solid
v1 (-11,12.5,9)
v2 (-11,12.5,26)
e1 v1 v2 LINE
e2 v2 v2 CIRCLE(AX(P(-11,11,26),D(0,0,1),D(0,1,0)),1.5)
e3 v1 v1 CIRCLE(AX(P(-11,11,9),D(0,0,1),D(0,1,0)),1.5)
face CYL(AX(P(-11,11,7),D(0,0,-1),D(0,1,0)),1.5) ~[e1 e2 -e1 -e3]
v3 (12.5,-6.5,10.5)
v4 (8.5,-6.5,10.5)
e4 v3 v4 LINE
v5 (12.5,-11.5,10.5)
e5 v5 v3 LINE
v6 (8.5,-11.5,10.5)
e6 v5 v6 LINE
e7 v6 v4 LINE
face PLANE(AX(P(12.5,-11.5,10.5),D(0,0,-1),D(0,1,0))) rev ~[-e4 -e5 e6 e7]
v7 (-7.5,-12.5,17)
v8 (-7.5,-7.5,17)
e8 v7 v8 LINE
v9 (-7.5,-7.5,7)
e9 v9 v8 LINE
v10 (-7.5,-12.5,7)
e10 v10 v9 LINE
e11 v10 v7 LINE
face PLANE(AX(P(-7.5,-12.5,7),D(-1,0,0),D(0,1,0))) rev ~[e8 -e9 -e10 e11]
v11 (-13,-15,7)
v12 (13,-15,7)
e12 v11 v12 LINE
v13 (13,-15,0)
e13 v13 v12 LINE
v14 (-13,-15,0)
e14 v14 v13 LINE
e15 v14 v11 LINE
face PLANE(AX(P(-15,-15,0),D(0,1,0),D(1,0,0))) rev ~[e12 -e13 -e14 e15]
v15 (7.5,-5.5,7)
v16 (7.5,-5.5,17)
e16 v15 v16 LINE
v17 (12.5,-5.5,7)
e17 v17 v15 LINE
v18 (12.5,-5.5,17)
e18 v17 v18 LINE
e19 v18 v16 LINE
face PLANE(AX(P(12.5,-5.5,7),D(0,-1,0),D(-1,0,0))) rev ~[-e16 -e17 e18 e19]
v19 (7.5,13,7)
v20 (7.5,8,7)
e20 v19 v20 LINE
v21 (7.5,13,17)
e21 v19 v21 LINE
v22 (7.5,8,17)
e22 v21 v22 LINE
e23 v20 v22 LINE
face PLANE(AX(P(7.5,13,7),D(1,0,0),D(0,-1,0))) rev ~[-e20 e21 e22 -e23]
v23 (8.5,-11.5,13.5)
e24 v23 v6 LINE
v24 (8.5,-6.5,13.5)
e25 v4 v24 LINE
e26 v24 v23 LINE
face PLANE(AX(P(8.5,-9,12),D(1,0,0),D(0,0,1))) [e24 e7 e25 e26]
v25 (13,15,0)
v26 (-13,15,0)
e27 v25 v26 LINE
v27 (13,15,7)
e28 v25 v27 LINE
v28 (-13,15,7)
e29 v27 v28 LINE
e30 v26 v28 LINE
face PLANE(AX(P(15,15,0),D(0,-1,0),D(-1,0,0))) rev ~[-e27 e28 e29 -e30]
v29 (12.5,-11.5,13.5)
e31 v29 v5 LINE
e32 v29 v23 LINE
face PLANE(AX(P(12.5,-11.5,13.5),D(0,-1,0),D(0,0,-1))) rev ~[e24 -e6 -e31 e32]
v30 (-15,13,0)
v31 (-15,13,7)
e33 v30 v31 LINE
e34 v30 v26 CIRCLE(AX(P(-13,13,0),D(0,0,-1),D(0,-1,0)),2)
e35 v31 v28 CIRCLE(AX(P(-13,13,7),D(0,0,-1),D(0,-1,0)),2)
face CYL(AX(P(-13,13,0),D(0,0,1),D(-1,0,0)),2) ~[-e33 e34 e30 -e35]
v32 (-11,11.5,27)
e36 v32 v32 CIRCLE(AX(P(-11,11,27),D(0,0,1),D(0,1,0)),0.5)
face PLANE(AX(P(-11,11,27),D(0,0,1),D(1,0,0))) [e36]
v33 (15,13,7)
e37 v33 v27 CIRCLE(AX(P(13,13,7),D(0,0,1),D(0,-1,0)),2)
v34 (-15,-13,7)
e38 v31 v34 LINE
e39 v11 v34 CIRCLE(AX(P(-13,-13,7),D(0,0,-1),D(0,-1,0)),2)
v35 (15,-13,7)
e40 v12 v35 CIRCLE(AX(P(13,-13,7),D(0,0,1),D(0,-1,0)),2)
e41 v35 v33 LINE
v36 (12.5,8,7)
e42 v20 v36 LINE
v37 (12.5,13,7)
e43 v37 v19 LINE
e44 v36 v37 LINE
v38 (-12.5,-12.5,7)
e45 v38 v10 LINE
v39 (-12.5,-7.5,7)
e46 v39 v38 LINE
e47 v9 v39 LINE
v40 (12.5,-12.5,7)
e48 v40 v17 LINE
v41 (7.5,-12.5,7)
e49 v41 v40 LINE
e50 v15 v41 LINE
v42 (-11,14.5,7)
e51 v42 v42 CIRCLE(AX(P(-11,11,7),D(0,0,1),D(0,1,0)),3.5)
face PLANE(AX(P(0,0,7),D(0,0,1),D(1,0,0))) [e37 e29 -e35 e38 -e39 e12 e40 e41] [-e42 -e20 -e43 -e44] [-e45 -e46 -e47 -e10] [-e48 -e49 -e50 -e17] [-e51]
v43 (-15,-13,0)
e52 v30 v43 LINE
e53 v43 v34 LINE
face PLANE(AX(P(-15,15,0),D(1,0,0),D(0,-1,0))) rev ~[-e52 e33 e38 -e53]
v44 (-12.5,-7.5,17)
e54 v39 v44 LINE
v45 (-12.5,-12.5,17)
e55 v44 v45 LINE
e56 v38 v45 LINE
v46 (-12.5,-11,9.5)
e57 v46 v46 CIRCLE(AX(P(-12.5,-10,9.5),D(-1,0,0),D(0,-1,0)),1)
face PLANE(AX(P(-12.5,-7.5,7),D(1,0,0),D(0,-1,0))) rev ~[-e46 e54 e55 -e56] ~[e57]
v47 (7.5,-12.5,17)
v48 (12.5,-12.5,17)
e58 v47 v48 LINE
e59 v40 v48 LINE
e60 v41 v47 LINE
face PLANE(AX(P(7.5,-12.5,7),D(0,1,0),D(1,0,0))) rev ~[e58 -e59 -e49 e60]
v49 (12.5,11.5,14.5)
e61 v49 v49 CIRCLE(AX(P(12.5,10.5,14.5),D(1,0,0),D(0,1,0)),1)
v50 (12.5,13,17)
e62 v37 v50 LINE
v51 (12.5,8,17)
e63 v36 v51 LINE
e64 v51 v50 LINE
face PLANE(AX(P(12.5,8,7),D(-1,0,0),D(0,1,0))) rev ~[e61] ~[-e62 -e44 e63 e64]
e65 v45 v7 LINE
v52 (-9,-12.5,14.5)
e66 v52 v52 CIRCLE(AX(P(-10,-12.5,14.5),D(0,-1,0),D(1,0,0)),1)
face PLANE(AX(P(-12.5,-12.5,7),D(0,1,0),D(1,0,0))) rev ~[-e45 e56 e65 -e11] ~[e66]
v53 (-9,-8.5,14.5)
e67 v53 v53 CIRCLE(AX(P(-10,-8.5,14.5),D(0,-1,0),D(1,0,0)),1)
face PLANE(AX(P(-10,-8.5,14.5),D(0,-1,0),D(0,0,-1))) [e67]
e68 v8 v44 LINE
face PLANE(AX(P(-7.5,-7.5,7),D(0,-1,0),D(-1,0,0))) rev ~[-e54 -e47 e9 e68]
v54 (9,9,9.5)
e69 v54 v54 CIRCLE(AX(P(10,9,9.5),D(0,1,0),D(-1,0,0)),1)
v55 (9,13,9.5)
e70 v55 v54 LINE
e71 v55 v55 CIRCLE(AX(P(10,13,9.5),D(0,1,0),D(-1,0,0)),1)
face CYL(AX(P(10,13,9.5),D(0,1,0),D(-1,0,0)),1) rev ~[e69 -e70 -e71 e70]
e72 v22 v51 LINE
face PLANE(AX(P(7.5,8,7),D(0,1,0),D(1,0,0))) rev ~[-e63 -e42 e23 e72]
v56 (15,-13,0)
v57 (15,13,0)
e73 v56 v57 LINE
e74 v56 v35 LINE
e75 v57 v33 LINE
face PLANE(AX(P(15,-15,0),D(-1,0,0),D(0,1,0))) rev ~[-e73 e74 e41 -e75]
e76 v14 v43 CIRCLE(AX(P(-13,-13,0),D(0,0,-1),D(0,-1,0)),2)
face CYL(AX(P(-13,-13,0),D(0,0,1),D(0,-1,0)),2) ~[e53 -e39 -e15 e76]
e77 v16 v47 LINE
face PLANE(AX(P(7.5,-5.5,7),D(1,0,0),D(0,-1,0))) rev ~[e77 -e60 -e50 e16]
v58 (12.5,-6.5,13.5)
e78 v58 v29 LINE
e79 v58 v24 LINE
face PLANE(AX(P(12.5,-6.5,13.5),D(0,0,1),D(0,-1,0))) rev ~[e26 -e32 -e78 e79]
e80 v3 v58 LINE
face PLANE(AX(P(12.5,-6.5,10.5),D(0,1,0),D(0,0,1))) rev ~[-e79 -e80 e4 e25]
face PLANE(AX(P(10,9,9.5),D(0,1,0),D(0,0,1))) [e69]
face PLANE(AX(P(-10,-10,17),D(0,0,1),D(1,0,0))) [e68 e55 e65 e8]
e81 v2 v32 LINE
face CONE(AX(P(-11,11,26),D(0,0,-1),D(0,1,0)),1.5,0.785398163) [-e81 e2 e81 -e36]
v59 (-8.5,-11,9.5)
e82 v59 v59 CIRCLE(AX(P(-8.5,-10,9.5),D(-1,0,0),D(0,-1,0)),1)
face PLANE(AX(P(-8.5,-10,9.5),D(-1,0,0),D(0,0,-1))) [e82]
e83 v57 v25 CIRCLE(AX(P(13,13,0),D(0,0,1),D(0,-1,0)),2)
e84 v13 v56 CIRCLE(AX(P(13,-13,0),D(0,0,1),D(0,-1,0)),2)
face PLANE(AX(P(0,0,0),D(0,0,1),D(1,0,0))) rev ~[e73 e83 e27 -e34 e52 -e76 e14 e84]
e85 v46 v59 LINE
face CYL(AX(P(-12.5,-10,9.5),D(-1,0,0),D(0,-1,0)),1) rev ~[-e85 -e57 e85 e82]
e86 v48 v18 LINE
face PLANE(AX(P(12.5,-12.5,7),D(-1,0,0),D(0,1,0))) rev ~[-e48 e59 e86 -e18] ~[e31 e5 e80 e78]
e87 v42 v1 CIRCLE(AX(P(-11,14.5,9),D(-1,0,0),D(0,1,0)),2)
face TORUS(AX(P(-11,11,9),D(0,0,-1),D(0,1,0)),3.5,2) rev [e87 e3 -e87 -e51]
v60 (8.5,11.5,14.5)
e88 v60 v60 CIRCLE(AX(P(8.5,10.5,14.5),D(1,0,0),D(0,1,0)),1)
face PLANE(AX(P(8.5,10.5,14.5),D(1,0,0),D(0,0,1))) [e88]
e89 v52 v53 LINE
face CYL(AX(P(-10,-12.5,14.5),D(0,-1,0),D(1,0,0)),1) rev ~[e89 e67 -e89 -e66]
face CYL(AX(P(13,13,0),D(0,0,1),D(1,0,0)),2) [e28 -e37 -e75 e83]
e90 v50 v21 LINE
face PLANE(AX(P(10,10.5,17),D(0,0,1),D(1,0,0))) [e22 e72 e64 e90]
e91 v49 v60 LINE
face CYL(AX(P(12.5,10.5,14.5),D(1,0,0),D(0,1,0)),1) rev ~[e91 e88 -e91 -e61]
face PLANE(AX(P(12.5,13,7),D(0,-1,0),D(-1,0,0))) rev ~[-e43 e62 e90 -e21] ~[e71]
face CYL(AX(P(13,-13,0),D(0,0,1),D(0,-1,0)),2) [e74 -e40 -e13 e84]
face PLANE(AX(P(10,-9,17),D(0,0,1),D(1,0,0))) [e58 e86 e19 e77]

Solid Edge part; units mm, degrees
sketch "Sketch1" plane through (0, 0, 0) normal (0, 0, 1) x (1, 0, 0)
  line L0 (-15, -15) -> (15, -15)
  line L1 (15, -15) -> (15, 15)
  line L2 (15, 15) -> (-15, 15)
  line L3 (-15, 15) -> (-15, -15)
  dimension "D1" = 30
  dimension "D2" = 30
extrude "Protrusion1" add sketch "Sketch1" along normal blind 7
sketch "Sketch2" plane through (0, 0, 7) normal (0, 0, 1) x (0, 1, 0)
  circle A0 centre (11, 11) radius 1.5
  dimension "D1" = 3
  dimension "D2" = 4
  dimension "D3" = 4
extrude "Antenna" add sketch "Sketch2" along normal blind 20
fillet "Rotondo_1" radius 2 4 edges at (-15, 15, 3.5) (-15, -15, 3.5) (15, 15, 3.5) (15, -15, 3.5)
fillet "Rotondo_2" radius 2 1 edges at (-11, 9.5, 7)
chamfer "Smusso_1" distance 1 angle 45 1 edges at (-11, 9.5, 27)
sketch "Sketch3" plane through (0, 0, 7) normal (0, 0, 1) x (0, 1, 0)
  line L0 (8, -7.5) -> (8, -12.5)
  line L1 (8, -12.5) -> (13, -12.5)
  line L2 (13, -12.5) -> (13, -7.5)
  line L3 (13, -7.5) -> (8, -7.5)
extrude "Alloggio_Motori_1" add sketch "Sketch3" along normal blind 10
sketch "Sketch4" plane through (10, 13, 9) normal (0, 1, 0) x (-1, 0, 0)
  circle A0 centre (0, 0.5) radius 1
  dimension "D1" = 2
  dimension "D2" = 2.5
extrude "ScavoEstrusione_3" cut sketch "Sketch4" against normal blind 4
sketch "Sketch5" plane through (0, 0, 7) normal (0, 0, 1) x (0, 1, 0)
  line L0 (-12.5, 7.5) -> (-7.5, 7.5)
  line L1 (-7.5, 7.5) -> (-7.5, 12.5)
  line L2 (-7.5, 12.5) -> (-12.5, 12.5)
  line L3 (-12.5, 12.5) -> (-12.5, 7.5)
  dimension "D1" = 5
  dimension "D2" = 2.5
  dimension "D3" = 2.5
extrude "Alloggio_Motori_3" add sketch "Sketch5" along normal blind 10
sketch "Sketch6" plane through (12.5, 10.5, 12) normal (1, 0, 0) x (0, 1, 0)
  circle A0 centre (0, 2.5) radius 1
  dimension "D1" = 2
  dimension "D2" = 2.5
extrude "ScavoEstrusione_9" cut sketch "Sketch6" against normal blind 4
sketch "Sketch7" plane through (-12.5, -10, 12) normal (-1, 0, 0) x (0, -1, 0)
  circle A0 centre (0, -2.5) radius 1
  dimension "D1" = 2
  dimension "D2" = 2.5
extrude "ScavoEstrusione_10" cut sketch "Sketch7" against normal blind 4
sketch "Sketch8" plane through (-10, -12.5, 12) normal (0, -1, 0) x (1, 0, 0)
  circle A0 centre (0, 2.5) radius 1
  dimension "D1" = 2
  dimension "D2" = 2.5
extrude "ScavoEstrusione_11" cut sketch "Sketch8" against normal blind 4
sketch "Sketch9" plane through (0, 0, 7) normal (0, 0, 1) x (1, 0, 0)
  line L0 (7.5, -12.5) -> (12.5, -12.5)
  line L1 (12.5, -12.5) -> (12.5, -5.5)
  line L2 (12.5, -5.5) -> (7.5, -5.5)
  line L3 (7.5, -5.5) -> (7.5, -12.5)
  dimension "D1" = 5
  dimension "D2" = 7
  dimension "D3" = 2.5
  dimension "D4" = 2.5
extrude "Alloggio_collegamento" add sketch "Sketch9" along normal blind 10
sketch "Sketch10" plane through (12.5, -9, 12) normal (1, 0, 0) x (0, 1, 0)
  line L0 (-2.5, -1.5) -> (2.5, -1.5)
  line L1 (2.5, -1.5) -> (2.5, 1.5)
  line L2 (2.5, 1.5) -> (-2.5, 1.5)
  line L3 (-2.5, 1.5) -> (-2.5, -1.5)
  dimension "D1" = 3
  dimension "D2" = 5
  dimension "D3" = 1
  dimension "D4" = 3.5
extrude "ScavoEstrusione_12" cut sketch "Sketch10" against normal blind 4
